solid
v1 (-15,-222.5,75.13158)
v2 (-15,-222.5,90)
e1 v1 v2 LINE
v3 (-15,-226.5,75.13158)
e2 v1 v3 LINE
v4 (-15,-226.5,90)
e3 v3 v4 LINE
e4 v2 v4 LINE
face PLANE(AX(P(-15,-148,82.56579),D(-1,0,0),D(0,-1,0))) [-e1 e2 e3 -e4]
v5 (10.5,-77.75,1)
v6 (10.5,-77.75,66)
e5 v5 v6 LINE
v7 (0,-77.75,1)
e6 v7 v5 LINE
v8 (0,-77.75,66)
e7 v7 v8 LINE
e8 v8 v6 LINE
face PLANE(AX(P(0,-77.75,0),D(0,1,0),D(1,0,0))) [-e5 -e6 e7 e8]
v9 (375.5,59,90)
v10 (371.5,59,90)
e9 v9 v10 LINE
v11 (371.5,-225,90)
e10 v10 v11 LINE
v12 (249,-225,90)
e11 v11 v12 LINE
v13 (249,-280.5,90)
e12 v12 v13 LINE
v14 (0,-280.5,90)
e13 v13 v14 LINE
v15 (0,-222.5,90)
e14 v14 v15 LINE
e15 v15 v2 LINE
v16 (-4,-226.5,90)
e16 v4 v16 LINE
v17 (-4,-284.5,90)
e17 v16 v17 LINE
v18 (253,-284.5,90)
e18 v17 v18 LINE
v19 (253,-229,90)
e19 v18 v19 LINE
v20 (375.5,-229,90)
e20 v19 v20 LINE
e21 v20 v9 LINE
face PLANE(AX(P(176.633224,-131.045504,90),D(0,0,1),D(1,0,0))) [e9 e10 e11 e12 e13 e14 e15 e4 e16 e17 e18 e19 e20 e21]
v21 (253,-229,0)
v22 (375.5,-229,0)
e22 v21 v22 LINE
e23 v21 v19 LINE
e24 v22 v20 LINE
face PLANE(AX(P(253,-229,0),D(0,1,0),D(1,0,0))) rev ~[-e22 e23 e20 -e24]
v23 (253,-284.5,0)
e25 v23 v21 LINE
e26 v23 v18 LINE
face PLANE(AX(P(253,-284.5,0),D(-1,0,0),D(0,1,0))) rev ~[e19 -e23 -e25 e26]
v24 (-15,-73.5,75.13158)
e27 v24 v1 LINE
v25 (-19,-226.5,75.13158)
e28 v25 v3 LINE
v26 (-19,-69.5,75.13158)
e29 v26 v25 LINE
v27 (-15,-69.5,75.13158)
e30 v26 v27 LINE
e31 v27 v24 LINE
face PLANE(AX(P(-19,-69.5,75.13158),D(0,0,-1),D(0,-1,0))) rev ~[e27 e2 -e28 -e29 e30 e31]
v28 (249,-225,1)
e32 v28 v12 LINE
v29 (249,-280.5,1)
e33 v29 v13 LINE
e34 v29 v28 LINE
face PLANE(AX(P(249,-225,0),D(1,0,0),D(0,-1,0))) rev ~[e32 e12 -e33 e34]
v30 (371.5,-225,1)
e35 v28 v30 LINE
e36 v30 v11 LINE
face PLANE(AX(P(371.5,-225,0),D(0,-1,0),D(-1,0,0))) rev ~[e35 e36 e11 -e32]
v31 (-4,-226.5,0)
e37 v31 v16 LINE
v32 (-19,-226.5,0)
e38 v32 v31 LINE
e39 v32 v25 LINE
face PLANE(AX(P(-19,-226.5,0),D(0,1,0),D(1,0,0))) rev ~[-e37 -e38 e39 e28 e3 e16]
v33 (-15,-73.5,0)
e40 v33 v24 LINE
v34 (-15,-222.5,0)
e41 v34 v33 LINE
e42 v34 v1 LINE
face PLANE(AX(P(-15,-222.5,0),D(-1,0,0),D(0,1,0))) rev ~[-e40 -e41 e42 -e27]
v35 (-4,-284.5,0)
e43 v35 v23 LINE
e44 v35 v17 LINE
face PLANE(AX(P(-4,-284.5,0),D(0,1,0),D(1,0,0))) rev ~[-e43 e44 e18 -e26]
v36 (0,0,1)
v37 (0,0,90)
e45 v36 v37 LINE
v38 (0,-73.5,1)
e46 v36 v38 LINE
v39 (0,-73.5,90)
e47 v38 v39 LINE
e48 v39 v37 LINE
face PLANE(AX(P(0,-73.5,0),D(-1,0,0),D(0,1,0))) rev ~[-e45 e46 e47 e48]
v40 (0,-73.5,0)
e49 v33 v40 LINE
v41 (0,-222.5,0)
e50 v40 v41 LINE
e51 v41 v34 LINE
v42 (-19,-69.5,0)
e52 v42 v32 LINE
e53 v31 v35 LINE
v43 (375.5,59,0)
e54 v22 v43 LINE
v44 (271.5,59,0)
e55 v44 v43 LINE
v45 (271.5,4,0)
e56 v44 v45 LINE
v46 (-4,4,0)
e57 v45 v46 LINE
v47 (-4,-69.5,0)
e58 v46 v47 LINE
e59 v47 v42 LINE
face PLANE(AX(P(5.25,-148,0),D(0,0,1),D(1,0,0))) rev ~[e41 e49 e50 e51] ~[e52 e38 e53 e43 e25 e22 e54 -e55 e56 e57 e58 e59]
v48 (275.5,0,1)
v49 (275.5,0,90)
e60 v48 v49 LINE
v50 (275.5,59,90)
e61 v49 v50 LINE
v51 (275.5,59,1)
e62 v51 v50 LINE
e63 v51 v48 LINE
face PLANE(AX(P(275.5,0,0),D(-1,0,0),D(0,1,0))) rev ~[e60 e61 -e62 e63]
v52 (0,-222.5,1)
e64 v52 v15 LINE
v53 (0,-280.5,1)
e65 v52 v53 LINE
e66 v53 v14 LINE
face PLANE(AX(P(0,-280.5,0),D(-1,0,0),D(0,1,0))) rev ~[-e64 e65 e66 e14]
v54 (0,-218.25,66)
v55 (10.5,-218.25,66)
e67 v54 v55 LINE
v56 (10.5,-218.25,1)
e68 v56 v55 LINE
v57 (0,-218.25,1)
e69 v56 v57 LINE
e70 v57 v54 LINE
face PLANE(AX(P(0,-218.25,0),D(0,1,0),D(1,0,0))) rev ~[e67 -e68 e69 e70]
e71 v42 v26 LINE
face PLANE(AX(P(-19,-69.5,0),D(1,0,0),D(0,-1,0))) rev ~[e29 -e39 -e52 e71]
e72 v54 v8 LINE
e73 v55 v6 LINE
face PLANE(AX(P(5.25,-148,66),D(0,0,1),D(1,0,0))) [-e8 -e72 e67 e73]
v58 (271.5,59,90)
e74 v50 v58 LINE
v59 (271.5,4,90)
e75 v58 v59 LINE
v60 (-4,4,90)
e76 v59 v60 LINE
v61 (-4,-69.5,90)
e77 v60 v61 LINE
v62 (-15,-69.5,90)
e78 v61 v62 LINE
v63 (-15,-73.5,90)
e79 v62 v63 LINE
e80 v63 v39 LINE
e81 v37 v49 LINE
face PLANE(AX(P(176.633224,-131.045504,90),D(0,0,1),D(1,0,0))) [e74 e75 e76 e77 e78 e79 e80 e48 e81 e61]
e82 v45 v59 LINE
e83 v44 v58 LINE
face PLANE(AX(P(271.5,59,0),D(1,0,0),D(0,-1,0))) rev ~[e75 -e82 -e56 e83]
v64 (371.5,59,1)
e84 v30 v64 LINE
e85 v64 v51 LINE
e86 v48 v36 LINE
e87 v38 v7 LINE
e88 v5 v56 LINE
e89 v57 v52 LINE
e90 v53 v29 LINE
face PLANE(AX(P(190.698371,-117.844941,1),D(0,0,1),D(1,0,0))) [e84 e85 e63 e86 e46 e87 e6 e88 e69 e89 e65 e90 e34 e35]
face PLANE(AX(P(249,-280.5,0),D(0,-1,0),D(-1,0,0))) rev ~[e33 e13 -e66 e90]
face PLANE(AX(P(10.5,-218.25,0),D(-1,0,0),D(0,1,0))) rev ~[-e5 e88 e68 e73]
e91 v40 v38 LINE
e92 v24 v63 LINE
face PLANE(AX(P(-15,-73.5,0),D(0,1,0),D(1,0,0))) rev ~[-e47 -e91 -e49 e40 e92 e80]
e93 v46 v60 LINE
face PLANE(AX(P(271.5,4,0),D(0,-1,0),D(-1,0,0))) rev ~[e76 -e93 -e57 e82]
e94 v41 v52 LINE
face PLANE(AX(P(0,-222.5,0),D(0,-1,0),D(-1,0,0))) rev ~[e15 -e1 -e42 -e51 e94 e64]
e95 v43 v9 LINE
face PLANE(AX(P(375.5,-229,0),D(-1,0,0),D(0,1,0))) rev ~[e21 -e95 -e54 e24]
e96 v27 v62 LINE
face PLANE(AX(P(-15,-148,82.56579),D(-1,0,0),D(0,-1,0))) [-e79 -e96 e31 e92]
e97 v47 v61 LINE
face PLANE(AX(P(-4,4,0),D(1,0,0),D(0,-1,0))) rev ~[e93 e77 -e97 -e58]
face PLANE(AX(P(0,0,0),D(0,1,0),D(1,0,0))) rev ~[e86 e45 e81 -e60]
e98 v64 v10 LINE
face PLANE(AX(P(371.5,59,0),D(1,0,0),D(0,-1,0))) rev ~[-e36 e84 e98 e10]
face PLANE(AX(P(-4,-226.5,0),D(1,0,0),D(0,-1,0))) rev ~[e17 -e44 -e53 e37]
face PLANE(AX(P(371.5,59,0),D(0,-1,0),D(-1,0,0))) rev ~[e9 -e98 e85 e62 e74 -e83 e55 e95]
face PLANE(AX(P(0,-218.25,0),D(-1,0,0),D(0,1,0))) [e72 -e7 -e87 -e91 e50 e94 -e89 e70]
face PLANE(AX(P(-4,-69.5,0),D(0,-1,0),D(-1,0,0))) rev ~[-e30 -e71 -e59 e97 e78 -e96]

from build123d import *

# Parameters (mm, degrees)
F1_DEPTH = 90
F2_DEPTH = 1
F0_W     = 10.5
F0_H     = 140.5
F3_DEPTH = 66
F4_W     = 157
F4_H     = 14.86842
F5_DEPTH = 4


with BuildPart() as f1:
    # F0 (on Top) → F1 (new body)
    with BuildSketch(Plane.XY):
        Polygon((0, -73.5), (0, 0), (275.5, 0), (275.5, 59), (271.5, 59), (271.5, 4), (-4, 4), (-4, -69.5), (-19, -69.5), (-19, -226.5), (-4, -226.5), (-4, -284.5), (253, -284.5), (253, -229), (375.5, -229), (375.5, 59), (371.5, 59), (371.5, 0), (371.5, -225), (249, -225), (249, -280.5), (0, -280.5), (0, -222.5), (-15, -222.5), (-15, -73.5), align=None)
    extrude(amount=F1_DEPTH)

    # F0 (on Top) → F2 (join)
    with BuildSketch(Plane.XY):
        Polygon((275.5, 0), (0, 0), (0, -73.5), (0, -77.75), (10.5, -77.75), (10.5, -218.25), (0, -218.25), (0, -222.5), (0, -280.5), (249, -280.5), (249, -225), (371.5, -225), (371.5, 0), (371.5, 59), (275.5, 59), align=None)
    extrude(amount=F2_DEPTH)

    # F0 (on Top) → F3 (join)
    with BuildSketch(Plane.XY):
        with Locations((5.25, -148)):
            Rectangle(F0_W, F0_H)
    extrude(amount=F3_DEPTH)

    # F4 (on face) → F5 (cut)
    with BuildSketch(Plane(origin=(-19, 0, 0), x_dir=(0, -1, 0), z_dir=(-1, 0, 0))):
        with Locations((148, 82.56579)):
            Rectangle(F4_W, F4_H)
    extrude(amount=-F5_DEPTH, mode=Mode.SUBTRACT)


solid = f1.part
